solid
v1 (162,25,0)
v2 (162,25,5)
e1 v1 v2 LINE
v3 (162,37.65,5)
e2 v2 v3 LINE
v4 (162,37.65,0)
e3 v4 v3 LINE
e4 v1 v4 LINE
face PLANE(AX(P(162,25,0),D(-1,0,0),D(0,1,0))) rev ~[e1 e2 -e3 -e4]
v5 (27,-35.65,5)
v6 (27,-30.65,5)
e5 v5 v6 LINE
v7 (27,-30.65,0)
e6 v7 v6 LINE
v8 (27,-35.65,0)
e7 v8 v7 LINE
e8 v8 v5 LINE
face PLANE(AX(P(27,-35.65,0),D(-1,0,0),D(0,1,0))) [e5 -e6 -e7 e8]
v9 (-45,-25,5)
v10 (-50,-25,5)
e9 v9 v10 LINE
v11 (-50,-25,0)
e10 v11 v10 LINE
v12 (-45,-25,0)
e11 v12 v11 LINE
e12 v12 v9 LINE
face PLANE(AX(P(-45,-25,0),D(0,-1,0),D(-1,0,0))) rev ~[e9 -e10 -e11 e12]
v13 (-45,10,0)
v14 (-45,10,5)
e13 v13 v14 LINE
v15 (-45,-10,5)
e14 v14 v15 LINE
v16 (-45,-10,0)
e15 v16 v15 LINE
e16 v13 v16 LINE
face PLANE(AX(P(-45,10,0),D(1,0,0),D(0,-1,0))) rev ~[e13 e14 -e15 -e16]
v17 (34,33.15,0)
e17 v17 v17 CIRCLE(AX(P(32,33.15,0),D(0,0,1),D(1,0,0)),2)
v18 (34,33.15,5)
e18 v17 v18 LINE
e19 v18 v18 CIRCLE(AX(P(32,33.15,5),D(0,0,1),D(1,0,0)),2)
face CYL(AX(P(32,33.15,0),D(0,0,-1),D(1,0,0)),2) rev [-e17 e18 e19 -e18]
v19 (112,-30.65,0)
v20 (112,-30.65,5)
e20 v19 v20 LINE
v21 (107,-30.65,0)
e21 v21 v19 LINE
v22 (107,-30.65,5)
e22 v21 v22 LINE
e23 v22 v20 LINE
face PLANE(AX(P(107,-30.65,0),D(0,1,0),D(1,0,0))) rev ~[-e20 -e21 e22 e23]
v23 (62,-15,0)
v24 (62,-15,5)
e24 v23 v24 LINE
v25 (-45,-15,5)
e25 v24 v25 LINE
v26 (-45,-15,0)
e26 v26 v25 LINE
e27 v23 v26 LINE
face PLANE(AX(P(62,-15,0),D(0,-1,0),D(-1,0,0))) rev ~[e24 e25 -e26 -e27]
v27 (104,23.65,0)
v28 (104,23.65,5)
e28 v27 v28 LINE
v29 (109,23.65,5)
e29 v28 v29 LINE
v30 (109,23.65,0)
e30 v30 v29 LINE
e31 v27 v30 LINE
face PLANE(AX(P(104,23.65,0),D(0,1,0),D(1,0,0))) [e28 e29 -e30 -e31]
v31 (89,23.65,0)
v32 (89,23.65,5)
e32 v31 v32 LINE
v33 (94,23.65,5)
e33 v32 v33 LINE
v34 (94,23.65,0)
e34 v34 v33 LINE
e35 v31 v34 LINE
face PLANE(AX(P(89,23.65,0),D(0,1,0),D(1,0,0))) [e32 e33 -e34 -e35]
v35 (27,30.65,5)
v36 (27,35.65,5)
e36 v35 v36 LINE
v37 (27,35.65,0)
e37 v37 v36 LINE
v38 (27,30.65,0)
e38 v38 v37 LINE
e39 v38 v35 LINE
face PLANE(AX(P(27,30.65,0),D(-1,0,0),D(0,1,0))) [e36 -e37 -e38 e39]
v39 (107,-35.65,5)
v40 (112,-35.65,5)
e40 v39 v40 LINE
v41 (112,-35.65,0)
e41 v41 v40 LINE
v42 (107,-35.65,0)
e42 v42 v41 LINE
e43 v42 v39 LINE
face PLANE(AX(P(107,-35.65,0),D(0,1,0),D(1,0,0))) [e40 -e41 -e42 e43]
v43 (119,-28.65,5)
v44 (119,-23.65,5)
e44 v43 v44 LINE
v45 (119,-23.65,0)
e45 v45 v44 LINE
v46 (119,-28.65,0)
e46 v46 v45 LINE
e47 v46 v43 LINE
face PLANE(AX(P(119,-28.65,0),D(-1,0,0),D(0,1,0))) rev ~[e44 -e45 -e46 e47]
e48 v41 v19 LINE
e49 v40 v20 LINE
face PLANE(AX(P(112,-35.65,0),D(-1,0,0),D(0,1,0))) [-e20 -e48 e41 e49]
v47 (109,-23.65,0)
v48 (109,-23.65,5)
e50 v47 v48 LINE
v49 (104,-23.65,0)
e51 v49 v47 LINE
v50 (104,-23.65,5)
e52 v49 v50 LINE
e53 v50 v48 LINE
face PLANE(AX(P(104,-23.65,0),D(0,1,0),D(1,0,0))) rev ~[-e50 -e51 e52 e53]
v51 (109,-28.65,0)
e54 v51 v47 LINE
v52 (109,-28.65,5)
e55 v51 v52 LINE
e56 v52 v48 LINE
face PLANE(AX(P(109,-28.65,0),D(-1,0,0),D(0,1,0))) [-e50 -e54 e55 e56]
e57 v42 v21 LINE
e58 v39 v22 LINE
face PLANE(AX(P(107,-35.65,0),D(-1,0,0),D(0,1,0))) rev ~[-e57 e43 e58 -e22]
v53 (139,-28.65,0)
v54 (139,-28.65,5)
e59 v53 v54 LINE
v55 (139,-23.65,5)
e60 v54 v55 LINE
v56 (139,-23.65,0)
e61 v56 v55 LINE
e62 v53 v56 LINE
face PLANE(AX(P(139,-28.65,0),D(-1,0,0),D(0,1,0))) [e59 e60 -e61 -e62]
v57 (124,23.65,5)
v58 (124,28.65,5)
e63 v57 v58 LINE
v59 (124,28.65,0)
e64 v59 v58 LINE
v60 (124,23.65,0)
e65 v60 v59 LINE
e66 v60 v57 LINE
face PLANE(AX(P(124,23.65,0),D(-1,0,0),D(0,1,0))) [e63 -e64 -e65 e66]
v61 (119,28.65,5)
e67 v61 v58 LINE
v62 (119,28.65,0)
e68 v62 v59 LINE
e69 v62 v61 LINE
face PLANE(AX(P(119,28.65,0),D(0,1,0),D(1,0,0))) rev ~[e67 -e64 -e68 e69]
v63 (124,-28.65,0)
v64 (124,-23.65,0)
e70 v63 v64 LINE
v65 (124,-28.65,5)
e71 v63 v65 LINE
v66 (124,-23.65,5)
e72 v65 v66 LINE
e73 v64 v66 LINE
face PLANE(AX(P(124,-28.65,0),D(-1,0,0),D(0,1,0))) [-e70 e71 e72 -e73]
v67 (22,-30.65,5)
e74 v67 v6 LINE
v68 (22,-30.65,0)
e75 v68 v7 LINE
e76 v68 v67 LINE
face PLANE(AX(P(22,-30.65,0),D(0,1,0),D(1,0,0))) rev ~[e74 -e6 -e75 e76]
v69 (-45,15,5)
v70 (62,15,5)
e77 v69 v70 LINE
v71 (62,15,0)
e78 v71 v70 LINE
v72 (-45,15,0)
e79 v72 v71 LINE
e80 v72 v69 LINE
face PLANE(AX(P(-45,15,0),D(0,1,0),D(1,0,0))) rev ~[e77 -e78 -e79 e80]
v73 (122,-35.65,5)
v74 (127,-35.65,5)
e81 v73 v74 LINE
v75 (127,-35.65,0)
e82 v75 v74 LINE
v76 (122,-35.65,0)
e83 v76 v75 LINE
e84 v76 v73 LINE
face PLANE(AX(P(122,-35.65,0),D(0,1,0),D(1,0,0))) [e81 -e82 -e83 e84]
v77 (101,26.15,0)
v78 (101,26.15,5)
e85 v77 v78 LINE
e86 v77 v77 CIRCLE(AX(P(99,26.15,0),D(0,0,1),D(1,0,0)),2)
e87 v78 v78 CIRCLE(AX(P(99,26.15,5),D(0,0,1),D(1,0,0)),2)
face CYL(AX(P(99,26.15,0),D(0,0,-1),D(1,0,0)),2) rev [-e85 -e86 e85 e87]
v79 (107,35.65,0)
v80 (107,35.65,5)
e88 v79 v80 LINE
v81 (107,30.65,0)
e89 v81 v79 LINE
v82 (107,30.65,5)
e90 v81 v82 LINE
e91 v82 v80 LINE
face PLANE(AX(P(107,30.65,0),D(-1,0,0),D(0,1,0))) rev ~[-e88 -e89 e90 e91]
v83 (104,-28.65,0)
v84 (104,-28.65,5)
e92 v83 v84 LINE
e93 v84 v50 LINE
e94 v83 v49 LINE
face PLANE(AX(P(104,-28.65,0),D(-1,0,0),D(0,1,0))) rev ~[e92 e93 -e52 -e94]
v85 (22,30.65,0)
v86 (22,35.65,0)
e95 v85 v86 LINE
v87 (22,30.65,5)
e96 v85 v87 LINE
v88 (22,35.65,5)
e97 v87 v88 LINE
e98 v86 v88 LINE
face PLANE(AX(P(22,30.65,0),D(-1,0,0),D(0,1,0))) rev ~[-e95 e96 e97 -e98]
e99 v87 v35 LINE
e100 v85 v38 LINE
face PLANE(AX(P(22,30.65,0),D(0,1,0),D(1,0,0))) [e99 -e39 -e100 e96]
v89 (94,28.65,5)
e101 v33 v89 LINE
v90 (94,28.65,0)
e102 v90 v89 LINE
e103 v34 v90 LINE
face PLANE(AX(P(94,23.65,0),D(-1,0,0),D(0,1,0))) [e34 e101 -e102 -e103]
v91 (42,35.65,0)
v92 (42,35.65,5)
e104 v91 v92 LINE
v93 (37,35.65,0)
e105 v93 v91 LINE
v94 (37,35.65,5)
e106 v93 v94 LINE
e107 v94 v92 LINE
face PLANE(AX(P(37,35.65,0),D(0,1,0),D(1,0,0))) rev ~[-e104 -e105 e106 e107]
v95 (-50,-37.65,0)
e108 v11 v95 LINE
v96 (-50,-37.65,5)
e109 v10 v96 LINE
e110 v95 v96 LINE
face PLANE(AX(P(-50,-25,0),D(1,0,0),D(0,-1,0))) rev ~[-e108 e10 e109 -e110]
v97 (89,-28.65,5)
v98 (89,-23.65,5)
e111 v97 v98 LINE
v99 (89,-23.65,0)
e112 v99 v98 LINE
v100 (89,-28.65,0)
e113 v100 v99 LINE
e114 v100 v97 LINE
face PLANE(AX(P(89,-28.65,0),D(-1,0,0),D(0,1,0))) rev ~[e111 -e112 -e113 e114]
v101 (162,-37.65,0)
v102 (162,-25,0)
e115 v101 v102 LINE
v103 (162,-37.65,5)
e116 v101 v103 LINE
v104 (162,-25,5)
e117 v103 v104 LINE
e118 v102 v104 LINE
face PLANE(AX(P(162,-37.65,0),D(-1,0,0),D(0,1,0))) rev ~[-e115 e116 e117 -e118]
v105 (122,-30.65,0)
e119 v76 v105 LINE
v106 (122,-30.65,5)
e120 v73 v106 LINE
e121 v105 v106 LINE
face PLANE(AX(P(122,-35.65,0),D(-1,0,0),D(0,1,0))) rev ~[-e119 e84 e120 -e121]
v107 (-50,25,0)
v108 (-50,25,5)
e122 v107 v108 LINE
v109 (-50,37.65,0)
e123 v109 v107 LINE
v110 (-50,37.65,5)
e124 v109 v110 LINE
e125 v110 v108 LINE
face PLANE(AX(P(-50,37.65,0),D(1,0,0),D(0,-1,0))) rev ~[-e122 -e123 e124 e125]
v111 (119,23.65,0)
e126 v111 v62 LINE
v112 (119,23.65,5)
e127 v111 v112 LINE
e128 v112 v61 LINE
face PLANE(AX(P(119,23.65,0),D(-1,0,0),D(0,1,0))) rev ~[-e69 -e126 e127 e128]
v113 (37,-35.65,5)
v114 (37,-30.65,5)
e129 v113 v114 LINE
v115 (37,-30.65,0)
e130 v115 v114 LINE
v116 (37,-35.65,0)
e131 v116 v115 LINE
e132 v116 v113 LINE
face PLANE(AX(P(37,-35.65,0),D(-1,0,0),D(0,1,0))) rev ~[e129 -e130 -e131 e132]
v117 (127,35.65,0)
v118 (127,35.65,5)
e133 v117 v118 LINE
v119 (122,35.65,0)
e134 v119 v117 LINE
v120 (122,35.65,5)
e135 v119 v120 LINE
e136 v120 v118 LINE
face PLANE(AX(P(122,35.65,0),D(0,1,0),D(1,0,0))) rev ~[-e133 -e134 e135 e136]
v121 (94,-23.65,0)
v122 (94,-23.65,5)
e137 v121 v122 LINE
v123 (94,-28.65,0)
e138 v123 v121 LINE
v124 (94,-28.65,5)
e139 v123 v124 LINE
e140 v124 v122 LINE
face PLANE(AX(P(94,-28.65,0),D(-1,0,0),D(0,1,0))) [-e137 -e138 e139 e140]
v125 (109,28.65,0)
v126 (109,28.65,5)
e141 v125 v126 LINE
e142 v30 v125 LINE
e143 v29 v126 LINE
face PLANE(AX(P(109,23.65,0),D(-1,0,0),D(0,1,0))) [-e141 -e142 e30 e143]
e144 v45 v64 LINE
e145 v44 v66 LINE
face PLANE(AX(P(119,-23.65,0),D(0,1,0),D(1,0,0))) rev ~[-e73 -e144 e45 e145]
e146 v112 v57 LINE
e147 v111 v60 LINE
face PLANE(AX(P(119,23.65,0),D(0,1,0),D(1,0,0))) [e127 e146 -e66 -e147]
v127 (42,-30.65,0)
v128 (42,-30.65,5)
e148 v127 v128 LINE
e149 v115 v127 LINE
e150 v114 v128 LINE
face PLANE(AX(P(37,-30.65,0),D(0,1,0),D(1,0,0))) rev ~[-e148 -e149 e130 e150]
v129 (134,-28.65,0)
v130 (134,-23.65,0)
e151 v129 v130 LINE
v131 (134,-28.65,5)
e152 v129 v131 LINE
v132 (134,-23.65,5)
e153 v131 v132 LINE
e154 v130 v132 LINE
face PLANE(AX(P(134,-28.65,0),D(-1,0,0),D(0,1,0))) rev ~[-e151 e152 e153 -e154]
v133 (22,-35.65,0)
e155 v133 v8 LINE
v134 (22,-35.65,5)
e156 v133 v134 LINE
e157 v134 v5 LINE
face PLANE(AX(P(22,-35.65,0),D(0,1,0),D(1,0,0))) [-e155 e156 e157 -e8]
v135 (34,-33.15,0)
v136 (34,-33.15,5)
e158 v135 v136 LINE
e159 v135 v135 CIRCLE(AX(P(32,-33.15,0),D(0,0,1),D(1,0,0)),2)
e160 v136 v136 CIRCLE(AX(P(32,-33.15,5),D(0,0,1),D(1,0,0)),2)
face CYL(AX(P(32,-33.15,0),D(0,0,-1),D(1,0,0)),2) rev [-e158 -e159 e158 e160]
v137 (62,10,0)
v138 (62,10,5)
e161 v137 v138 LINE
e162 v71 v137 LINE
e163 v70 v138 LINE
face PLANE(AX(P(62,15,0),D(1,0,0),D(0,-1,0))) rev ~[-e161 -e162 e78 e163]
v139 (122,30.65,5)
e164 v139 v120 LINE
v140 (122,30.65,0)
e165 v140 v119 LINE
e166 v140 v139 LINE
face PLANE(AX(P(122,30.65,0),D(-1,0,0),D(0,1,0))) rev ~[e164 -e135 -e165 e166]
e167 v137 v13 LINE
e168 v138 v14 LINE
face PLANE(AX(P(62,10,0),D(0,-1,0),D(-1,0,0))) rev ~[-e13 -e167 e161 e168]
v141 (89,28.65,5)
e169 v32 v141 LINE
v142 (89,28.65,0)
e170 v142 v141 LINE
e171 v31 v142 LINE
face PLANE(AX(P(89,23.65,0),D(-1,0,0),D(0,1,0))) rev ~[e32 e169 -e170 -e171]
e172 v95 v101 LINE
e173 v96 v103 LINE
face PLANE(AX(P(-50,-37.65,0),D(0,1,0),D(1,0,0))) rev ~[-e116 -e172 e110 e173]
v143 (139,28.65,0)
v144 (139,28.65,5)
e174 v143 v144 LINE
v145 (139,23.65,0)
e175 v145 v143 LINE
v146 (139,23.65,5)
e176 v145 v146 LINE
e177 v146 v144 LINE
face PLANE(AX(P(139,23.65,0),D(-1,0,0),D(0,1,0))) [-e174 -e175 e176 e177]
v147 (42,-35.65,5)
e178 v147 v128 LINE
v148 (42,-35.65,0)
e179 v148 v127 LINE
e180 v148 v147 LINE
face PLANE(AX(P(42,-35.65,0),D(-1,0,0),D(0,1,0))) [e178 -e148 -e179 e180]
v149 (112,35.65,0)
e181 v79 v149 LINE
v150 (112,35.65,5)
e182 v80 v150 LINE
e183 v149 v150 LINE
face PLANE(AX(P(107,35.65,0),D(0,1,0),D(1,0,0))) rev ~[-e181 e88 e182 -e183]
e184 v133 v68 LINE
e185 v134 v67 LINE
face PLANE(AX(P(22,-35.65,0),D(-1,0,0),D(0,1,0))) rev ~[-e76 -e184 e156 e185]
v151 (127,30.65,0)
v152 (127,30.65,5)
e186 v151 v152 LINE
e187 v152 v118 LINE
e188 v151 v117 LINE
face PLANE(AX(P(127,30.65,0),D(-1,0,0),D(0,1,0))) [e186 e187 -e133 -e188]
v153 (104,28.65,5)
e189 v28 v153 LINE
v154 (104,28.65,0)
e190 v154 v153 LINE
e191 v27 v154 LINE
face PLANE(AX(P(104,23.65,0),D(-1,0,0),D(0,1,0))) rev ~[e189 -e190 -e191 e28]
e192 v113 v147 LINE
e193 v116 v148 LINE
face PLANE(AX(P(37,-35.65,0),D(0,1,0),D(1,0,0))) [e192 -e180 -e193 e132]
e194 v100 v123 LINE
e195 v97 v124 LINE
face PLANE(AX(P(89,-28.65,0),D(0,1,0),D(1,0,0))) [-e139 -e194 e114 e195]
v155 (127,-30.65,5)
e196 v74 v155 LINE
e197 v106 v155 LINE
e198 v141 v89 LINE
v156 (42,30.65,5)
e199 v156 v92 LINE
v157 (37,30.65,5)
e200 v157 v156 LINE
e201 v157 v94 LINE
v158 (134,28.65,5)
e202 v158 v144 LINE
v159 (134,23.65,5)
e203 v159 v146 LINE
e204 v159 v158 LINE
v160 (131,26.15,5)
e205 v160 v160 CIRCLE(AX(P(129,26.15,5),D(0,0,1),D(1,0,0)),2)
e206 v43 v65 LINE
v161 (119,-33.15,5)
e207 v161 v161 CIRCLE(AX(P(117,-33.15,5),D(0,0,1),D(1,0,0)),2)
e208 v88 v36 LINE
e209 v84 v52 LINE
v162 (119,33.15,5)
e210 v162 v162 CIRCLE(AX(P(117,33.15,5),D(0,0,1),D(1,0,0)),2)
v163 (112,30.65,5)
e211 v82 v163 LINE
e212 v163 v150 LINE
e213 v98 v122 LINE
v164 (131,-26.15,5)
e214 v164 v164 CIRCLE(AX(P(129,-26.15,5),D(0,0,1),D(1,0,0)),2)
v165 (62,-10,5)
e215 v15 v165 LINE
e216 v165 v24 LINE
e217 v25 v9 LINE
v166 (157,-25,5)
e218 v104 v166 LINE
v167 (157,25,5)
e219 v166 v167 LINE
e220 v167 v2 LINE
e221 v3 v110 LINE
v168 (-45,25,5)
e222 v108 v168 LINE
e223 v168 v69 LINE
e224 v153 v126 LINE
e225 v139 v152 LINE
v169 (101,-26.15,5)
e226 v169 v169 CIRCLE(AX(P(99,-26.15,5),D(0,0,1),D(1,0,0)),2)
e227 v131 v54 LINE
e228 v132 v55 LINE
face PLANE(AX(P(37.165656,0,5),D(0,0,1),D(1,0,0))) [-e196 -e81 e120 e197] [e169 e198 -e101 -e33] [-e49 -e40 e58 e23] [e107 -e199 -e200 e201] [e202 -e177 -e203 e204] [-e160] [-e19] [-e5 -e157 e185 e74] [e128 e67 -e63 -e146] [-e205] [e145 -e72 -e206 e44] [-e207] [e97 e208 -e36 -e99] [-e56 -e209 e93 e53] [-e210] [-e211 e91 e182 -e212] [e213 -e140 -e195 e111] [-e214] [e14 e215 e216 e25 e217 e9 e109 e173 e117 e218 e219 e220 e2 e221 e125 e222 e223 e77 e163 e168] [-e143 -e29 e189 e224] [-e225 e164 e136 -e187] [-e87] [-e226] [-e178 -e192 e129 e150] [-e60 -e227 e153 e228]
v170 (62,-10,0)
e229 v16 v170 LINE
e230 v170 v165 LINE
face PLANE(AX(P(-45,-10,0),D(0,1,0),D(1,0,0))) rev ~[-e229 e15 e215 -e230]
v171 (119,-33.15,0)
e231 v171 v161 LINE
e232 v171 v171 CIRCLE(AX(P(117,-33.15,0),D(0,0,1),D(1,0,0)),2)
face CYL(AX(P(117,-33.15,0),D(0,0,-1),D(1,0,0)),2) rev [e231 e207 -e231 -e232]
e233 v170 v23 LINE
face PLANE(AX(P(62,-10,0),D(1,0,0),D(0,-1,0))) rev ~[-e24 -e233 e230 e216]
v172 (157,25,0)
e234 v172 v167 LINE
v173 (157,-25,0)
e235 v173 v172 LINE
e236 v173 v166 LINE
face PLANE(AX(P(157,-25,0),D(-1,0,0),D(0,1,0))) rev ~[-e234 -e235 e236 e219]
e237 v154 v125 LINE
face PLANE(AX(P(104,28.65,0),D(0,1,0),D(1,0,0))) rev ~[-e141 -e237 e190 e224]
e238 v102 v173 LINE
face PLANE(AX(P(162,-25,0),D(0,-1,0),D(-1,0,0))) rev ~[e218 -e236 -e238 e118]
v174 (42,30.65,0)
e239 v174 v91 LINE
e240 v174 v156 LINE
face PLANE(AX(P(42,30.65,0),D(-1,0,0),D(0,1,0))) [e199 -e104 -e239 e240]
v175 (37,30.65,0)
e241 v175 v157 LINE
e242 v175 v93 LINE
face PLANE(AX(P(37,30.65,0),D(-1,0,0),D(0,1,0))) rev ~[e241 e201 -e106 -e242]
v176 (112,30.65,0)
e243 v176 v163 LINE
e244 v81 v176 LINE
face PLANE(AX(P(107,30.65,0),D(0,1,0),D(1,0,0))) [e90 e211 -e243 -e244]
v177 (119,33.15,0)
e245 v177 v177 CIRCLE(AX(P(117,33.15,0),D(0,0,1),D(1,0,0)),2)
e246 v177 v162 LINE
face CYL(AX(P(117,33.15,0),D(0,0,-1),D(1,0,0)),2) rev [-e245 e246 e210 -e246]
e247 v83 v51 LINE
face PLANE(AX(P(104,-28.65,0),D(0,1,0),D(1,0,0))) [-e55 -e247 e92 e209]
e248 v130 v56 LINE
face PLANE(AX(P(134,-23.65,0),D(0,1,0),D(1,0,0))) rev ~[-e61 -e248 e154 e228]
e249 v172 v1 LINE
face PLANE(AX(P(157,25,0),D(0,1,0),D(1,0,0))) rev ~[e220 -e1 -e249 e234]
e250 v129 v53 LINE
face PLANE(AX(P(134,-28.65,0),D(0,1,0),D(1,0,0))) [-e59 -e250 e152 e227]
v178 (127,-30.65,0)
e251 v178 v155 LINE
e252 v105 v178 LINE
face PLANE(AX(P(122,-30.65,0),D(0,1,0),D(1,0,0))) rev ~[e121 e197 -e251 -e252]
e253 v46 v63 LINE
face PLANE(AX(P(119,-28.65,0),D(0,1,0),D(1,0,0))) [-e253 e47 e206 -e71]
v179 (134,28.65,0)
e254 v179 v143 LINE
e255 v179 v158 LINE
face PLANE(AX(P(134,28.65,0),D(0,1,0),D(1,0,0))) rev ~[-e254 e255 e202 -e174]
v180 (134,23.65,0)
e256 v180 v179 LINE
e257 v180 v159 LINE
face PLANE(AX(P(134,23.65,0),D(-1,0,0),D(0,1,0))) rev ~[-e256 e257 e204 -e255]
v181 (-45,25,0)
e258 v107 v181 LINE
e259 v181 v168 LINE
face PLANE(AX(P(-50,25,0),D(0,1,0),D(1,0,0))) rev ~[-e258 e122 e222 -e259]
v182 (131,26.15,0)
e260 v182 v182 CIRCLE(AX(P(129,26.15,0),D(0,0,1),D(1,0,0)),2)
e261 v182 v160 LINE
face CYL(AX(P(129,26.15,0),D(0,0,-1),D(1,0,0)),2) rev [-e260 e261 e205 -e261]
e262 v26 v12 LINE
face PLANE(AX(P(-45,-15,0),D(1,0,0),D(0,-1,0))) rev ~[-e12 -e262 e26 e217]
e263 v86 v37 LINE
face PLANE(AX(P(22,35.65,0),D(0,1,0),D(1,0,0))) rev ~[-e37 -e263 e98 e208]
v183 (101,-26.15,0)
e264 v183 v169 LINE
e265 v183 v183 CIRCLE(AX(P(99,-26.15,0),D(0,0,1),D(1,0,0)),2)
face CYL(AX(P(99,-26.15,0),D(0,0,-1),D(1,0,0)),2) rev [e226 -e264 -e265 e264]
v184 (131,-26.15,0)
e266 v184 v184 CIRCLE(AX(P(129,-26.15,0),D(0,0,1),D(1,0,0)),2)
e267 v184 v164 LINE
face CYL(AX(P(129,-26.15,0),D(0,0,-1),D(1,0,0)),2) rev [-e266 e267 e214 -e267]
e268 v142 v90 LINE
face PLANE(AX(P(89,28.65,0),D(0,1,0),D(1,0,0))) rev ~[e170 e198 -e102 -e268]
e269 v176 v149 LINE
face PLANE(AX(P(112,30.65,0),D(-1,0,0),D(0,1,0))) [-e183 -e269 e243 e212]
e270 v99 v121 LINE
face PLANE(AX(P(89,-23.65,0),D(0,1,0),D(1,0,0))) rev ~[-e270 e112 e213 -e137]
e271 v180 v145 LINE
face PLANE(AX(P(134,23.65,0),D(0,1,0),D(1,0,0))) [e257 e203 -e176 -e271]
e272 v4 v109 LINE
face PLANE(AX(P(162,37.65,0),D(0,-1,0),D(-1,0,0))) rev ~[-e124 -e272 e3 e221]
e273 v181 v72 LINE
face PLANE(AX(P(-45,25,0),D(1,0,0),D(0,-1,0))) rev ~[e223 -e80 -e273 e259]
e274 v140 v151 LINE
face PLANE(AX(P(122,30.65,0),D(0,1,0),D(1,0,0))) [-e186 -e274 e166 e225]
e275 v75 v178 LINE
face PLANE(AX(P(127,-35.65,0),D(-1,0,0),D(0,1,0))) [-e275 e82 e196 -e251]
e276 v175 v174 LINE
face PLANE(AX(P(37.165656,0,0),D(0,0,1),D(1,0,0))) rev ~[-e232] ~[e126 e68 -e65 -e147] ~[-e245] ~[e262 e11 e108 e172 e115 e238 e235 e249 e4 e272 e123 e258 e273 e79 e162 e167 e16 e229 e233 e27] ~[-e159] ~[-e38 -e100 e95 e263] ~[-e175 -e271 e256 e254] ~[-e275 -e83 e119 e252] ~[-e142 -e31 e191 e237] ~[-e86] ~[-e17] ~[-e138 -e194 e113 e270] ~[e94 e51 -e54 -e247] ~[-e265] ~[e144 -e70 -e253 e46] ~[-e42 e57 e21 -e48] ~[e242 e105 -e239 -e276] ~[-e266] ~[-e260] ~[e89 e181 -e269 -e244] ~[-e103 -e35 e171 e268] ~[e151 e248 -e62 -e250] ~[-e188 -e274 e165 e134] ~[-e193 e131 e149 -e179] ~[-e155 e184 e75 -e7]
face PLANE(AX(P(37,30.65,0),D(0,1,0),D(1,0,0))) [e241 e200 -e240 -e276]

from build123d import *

# Parameters (mm, degrees)
ESQUISSE1_W        = 5
ESQUISSE1_H        = 5
ESQUISSE1_R        = 2
BOSS_EXTRU_1_DEPTH = 5


with BuildPart() as part:
    # Esquisse1 → Boss.-Extru.1 (new body)
    with BuildSketch(Plane.XY):
        Polygon((162, 37.65), (0, 37.65), (-50, 37.65), (-50, 25), (-45, 25), (-45, 15), (62, 15), (62, 10), (0, 10), (-45, 10), (-45, -10), (62, -10), (62, -15), (-45, -15), (-45, -25), (-50, -25), (-50, -37.65), (0, -37.65), (162, -37.65), (162, -25), (157, -25), (157, 25), (162, 25), align=None)
        with Locations((24.5, -33.15)):
            Rectangle(ESQUISSE1_W, ESQUISSE1_H, mode=Mode.SUBTRACT)
        with Locations((32, -33.15)):
            Circle(ESQUISSE1_R, mode=Mode.SUBTRACT)
        with Locations((39.5, -33.15)):
            Rectangle(ESQUISSE1_W, ESQUISSE1_H, mode=Mode.SUBTRACT)
        with Locations((91.5, -26.15)):
            Rectangle(ESQUISSE1_W, ESQUISSE1_H, mode=Mode.SUBTRACT)
        with Locations((99, -26.15)):
            Circle(ESQUISSE1_R, mode=Mode.SUBTRACT)
        with Locations((106.5, -26.15)):
            Rectangle(ESQUISSE1_W, ESQUISSE1_H, mode=Mode.SUBTRACT)
        with Locations((109.5, -33.15)):
            Rectangle(ESQUISSE1_W, ESQUISSE1_H, mode=Mode.SUBTRACT)
        with Locations((117, -33.15)):
            Circle(ESQUISSE1_R, mode=Mode.SUBTRACT)
        with Locations((124.5, -33.15)):
            Rectangle(ESQUISSE1_W, ESQUISSE1_H, mode=Mode.SUBTRACT)
        with Locations((121.5, -26.15)):
            Rectangle(ESQUISSE1_W, ESQUISSE1_H, mode=Mode.SUBTRACT)
        with Locations((129, -26.15)):
            Circle(ESQUISSE1_R, mode=Mode.SUBTRACT)
        with Locations((136.5, -26.15)):
            Rectangle(ESQUISSE1_W, ESQUISSE1_H, mode=Mode.SUBTRACT)
        with Locations((24.5, 33.15)):
            Rectangle(ESQUISSE1_W, ESQUISSE1_H, mode=Mode.SUBTRACT)
        with Locations((32, 33.15)):
            Circle(ESQUISSE1_R, mode=Mode.SUBTRACT)
        with Locations((39.5, 33.15)):
            Rectangle(ESQUISSE1_W, ESQUISSE1_H, mode=Mode.SUBTRACT)
        with Locations((91.5, 26.15)):
            Rectangle(ESQUISSE1_W, ESQUISSE1_H, mode=Mode.SUBTRACT)
        with Locations((99, 26.15)):
            Circle(ESQUISSE1_R, mode=Mode.SUBTRACT)
        with Locations((106.5, 26.15)):
            Rectangle(ESQUISSE1_W, ESQUISSE1_H, mode=Mode.SUBTRACT)
        with Locations((121.5, 26.15)):
            Rectangle(ESQUISSE1_W, ESQUISSE1_H, mode=Mode.SUBTRACT)
        with Locations((129, 26.15)):
            Circle(ESQUISSE1_R, mode=Mode.SUBTRACT)
        with Locations((136.5, 26.15)):
            Rectangle(ESQUISSE1_W, ESQUISSE1_H, mode=Mode.SUBTRACT)
        with Locations((109.5, 33.15)):
            Rectangle(ESQUISSE1_W, ESQUISSE1_H, mode=Mode.SUBTRACT)
        with Locations((117, 33.15)):
            Circle(ESQUISSE1_R, mode=Mode.SUBTRACT)
        with Locations((124.5, 33.15)):
            Rectangle(ESQUISSE1_W, ESQUISSE1_H, mode=Mode.SUBTRACT)
    extrude(amount=BOSS_EXTRU_1_DEPTH)


solid = part.part
